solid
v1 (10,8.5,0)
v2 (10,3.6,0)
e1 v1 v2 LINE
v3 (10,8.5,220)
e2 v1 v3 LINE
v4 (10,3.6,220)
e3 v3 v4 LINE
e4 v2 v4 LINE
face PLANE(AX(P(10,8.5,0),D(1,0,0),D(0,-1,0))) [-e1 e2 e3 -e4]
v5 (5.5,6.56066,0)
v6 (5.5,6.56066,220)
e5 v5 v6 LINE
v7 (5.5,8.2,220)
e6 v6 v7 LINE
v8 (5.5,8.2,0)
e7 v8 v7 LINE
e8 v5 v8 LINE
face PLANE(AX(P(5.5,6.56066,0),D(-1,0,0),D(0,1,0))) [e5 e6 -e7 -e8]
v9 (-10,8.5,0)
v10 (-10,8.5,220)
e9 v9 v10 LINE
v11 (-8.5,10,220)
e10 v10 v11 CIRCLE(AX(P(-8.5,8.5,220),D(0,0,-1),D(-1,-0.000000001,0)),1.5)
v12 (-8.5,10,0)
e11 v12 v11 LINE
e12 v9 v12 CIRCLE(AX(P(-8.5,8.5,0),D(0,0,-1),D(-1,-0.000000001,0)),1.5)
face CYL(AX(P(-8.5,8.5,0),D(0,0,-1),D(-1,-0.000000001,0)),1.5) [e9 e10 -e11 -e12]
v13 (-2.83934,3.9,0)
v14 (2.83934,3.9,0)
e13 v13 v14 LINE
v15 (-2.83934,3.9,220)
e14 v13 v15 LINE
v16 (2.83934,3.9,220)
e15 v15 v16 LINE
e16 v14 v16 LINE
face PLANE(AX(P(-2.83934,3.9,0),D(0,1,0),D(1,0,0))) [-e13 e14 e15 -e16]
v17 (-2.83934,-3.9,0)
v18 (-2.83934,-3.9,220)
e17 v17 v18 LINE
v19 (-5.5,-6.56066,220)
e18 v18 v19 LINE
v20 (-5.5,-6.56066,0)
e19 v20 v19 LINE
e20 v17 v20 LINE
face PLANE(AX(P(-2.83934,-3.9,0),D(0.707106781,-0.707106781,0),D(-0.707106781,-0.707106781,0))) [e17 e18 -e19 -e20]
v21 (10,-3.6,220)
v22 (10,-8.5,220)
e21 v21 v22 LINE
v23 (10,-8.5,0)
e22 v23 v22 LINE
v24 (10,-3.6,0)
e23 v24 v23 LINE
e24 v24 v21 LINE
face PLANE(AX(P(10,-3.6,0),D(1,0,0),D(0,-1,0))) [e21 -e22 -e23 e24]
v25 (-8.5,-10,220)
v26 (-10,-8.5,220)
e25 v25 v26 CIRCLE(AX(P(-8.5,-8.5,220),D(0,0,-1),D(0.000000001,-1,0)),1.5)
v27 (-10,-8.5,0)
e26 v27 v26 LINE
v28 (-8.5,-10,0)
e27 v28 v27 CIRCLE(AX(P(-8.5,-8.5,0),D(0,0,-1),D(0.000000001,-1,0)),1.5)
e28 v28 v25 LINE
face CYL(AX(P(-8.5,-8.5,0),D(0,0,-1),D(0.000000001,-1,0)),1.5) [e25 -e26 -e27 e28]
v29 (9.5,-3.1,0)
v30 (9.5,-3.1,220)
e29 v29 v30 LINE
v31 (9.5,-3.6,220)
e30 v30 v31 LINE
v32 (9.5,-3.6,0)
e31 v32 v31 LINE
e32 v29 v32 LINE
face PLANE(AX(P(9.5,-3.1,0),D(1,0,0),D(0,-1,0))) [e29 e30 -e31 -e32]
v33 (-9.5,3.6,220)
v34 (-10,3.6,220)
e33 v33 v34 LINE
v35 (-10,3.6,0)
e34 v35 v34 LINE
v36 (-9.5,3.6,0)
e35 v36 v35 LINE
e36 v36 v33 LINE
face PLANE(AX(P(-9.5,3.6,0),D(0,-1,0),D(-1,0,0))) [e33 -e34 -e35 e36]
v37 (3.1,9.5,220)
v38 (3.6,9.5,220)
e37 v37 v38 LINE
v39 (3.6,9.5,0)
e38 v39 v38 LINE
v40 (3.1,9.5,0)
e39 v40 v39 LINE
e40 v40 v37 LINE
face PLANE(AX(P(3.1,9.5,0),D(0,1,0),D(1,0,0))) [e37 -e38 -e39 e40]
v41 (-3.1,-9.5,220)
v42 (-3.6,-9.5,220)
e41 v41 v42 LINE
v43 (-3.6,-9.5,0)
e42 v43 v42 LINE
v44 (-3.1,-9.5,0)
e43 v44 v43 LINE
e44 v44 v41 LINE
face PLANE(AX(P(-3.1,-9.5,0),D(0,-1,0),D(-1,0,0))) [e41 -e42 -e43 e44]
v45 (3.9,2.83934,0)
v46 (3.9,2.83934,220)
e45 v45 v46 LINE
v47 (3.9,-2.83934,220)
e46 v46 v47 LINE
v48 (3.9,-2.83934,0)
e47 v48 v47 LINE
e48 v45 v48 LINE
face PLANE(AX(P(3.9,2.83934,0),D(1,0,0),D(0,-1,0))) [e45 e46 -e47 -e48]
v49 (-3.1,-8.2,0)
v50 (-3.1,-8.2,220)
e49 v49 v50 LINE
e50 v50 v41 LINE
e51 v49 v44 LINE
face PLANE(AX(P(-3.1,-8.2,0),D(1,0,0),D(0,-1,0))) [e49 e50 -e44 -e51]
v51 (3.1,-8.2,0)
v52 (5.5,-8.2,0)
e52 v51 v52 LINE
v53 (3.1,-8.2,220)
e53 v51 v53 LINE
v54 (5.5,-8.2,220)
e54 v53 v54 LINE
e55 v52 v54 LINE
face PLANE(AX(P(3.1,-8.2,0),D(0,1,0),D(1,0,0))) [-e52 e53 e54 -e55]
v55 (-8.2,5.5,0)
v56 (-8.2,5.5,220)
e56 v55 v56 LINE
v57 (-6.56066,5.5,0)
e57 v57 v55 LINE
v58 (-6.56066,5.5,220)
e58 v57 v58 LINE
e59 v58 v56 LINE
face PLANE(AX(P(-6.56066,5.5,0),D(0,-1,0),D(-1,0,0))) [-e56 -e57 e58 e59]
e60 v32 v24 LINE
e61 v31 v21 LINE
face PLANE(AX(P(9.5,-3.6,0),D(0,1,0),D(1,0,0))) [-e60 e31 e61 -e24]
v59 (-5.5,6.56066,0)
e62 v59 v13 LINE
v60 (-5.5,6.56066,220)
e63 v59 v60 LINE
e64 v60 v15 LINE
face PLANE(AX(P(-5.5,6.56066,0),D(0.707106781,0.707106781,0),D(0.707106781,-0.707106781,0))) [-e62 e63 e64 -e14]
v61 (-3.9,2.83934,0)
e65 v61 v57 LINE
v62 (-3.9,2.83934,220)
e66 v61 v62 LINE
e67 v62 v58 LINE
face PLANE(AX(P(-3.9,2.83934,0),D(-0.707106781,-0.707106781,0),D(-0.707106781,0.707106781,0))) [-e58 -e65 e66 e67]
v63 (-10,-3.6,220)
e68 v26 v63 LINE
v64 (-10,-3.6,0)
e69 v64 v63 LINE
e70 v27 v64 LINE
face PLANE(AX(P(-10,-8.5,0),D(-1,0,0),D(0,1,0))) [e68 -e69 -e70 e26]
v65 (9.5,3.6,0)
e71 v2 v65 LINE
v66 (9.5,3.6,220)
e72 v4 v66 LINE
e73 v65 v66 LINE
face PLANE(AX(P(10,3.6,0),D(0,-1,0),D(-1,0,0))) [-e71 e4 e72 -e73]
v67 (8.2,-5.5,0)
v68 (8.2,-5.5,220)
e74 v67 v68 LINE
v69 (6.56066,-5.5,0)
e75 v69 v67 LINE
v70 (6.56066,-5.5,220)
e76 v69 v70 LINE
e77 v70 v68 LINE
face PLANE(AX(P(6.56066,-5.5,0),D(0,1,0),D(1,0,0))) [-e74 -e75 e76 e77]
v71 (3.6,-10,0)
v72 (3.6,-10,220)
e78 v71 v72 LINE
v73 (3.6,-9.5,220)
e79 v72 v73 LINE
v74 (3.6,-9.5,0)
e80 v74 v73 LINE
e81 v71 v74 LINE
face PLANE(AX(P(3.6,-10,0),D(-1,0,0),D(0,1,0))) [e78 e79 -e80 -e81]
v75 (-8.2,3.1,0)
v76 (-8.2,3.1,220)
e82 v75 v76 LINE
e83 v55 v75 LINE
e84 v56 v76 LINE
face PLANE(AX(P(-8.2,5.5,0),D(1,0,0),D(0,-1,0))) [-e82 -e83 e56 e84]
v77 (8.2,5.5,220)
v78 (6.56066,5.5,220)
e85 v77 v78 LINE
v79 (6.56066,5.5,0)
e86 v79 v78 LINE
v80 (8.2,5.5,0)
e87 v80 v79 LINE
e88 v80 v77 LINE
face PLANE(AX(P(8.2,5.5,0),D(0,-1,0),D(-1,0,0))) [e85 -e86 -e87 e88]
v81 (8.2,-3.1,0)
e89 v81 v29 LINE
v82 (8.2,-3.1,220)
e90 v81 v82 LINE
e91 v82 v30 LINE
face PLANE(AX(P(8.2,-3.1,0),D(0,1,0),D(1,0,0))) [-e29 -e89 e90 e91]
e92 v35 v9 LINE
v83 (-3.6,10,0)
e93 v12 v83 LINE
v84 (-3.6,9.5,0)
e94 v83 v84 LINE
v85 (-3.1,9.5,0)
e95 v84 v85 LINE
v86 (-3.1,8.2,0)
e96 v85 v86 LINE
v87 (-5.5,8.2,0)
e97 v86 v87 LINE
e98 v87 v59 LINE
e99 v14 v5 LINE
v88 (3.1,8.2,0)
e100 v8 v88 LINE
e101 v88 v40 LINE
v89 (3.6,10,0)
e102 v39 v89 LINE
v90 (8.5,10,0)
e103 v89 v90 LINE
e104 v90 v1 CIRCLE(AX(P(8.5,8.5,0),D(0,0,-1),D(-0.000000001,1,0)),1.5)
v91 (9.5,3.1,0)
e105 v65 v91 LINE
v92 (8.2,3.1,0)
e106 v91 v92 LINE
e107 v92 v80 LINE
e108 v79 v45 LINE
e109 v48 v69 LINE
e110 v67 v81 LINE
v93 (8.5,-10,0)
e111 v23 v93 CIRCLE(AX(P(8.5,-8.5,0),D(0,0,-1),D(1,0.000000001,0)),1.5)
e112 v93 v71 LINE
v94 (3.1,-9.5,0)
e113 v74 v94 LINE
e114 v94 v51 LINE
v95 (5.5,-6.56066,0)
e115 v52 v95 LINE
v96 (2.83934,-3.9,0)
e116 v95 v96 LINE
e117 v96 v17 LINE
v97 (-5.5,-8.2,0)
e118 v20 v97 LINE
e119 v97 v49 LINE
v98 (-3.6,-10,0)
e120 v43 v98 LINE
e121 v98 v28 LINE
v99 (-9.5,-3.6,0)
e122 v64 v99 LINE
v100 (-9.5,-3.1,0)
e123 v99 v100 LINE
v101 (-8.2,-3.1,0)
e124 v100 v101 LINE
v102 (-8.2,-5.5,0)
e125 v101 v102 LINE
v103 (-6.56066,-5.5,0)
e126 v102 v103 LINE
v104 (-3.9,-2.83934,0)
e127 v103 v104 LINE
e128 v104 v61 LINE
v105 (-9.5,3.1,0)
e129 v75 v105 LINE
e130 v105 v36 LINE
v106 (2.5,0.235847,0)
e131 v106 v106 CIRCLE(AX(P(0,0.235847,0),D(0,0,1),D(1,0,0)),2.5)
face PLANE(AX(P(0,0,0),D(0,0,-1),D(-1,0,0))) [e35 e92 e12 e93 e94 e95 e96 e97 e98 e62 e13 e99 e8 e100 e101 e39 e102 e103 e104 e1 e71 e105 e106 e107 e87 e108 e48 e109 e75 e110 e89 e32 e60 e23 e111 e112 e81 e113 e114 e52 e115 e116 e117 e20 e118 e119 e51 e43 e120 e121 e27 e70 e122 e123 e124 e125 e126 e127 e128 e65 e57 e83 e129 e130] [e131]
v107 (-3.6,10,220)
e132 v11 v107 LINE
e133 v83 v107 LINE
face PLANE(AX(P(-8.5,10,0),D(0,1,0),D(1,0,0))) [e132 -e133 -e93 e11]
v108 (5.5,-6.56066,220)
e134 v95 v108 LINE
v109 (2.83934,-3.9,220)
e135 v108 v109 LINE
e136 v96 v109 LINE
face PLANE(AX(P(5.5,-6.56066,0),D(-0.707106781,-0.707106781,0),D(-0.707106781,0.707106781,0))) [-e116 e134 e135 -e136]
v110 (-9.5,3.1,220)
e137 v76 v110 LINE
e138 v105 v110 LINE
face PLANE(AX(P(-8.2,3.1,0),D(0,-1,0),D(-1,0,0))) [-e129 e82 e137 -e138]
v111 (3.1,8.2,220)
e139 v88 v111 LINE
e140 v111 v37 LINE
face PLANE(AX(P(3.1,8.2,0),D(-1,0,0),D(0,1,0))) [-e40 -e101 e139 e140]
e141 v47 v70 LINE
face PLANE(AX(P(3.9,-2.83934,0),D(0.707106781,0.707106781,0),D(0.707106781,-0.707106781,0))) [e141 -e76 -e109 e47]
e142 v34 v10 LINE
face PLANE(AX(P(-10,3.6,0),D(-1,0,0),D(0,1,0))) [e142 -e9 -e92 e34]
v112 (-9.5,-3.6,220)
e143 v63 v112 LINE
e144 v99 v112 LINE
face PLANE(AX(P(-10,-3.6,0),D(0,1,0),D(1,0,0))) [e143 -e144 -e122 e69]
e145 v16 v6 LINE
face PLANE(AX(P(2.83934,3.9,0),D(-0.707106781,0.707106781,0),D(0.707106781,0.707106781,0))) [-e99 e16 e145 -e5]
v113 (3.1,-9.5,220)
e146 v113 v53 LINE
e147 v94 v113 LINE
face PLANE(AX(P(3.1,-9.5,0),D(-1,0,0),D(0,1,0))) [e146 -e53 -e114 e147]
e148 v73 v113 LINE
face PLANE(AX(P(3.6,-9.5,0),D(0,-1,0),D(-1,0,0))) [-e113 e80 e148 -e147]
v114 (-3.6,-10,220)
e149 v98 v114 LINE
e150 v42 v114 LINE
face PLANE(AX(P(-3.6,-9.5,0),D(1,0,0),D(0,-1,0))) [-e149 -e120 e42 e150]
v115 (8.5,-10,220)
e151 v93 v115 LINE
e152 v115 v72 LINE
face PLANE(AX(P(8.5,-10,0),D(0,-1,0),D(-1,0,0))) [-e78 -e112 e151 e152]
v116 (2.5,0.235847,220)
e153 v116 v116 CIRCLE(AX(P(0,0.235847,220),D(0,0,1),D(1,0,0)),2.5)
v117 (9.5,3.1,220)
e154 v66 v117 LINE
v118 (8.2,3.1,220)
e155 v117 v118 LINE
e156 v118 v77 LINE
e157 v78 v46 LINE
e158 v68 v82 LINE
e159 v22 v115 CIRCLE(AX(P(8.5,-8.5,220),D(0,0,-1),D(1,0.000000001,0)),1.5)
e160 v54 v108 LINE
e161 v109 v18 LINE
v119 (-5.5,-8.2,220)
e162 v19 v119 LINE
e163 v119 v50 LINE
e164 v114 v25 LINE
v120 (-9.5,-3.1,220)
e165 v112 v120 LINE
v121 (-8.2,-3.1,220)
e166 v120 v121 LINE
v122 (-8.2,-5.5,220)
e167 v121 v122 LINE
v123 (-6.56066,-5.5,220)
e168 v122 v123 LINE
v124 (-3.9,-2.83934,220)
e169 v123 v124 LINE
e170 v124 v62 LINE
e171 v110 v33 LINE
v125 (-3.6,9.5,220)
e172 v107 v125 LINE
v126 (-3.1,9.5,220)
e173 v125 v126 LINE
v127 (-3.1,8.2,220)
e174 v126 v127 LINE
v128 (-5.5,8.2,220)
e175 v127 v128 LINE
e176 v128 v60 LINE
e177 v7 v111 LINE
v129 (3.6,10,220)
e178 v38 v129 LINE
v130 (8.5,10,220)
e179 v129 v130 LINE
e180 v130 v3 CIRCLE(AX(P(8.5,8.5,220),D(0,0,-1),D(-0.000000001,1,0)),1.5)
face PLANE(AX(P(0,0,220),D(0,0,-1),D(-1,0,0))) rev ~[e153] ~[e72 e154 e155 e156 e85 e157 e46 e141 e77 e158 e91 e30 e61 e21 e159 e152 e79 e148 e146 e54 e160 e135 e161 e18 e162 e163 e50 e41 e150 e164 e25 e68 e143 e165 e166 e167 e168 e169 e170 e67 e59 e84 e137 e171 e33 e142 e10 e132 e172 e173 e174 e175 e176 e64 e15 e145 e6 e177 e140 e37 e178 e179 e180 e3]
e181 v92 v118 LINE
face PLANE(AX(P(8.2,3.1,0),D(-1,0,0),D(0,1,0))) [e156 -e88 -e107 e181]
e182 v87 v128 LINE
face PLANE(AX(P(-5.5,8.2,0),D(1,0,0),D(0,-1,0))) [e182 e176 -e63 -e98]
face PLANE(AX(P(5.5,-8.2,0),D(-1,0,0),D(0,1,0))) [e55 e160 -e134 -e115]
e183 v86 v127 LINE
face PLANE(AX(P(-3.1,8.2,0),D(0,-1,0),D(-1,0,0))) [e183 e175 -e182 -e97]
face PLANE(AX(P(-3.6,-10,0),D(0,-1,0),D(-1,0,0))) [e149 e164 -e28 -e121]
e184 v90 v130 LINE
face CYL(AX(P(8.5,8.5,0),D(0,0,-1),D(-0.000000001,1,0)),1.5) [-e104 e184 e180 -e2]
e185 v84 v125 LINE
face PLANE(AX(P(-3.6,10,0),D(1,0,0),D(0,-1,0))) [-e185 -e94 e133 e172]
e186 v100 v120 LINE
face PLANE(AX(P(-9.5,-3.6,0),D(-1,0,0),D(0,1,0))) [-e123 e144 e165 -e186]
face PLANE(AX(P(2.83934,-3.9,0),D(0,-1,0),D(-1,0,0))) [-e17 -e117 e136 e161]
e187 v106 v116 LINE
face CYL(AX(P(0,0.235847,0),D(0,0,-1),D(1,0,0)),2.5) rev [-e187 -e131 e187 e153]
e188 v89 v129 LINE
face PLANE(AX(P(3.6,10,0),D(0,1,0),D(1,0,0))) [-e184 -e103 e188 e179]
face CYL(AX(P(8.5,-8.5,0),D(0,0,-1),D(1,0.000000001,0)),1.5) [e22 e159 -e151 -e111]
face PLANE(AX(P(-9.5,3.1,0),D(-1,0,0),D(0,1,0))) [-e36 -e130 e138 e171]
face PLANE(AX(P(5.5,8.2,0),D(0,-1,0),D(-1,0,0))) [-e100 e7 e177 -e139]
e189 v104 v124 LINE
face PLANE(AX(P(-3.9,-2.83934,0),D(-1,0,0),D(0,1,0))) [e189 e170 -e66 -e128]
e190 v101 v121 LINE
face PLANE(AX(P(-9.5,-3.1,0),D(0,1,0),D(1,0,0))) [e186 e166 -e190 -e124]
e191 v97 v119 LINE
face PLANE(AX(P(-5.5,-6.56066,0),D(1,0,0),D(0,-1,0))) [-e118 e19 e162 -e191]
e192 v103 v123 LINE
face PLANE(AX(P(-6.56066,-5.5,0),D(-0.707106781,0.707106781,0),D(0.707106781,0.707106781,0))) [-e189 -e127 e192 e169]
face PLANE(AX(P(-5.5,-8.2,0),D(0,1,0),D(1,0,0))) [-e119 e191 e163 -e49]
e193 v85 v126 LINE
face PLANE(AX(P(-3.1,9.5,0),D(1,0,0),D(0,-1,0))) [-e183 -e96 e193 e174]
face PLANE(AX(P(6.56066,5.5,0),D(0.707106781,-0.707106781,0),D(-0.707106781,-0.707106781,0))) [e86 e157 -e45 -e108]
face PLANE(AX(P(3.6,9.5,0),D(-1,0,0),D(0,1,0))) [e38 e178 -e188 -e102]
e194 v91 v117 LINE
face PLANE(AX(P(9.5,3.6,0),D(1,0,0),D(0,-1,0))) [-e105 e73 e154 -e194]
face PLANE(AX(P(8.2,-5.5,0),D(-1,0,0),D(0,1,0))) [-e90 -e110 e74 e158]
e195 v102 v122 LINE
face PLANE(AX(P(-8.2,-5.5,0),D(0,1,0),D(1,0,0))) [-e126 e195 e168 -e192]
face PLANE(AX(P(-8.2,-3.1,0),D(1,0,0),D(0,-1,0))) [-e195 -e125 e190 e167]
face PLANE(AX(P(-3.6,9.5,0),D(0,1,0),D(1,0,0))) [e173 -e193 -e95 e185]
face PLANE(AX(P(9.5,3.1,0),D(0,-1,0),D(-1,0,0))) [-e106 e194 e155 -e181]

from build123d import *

# Parameters (mm, degrees)
SKETCH1_R           = 2.5
BOSS_EXTRUDE1_DEPTH = 220


with BuildPart() as part:
    # Sketch1 → Boss-Extrude1 (new body)
    with BuildSketch(Plane.XY):
        with BuildLine():
            Line((2.839339828, 3.9), (5.5, 6.560660172))
            Line((5.5, 6.560660172), (5.5, 8.2))
            Line((5.5, 8.2), (3.1, 8.2))
            Line((3.1, 8.2), (3.1, 9.5))
            Line((3.1, 9.5), (3.6, 9.5))
            Line((3.6, 9.5), (3.6, 10))
            Line((3.6, 10), (8.5, 10))
            ThreePointArc((8.5, 10), (9.560660172, 9.560660172), (10, 8.5))
            Line((10, 8.5), (10, 3.6))
            Line((10, 3.6), (9.5, 3.6))
            Line((9.5, 3.6), (9.5, 3.1))
            Line((9.5, 3.1), (8.2, 3.1))
            Line((8.2, 3.1), (8.2, 5.5))
            Line((8.2, 5.5), (6.560660172, 5.5))
            Line((6.560660172, 5.5), (3.9, 2.839339828))
            Line((3.9, 2.839339828), (3.9, -2.839339828))
            Line((3.9, -2.839339828), (6.560660172, -5.5))
            Line((6.560660172, -5.5), (8.2, -5.5))
            Line((8.2, -5.5), (8.2, -3.1))
            Line((8.2, -3.1), (9.5, -3.1))
            Line((9.5, -3.1), (9.5, -3.6))
            Line((9.5, -3.6), (10, -3.6))
            Line((10, -3.6), (10, -8.5))
            ThreePointArc((10, -8.5), (9.560660172, -9.560660172), (8.5, -10))
            Line((8.5, -10), (3.6, -10))
            Line((3.6, -10), (3.6, -9.5))
            Line((3.6, -9.5), (3.1, -9.5))
            Line((3.1, -9.5), (3.1, -8.2))
            Line((3.1, -8.2), (5.5, -8.2))
            Line((5.5, -8.2), (5.5, -6.560660172))
            Line((5.5, -6.560660172), (2.839339828, -3.9))
            Line((2.839339828, -3.9), (-2.839339828, -3.9))
            Line((-2.839339828, -3.9), (-5.5, -6.560660172))
            Line((-5.5, -6.560660172), (-5.5, -8.2))
            Line((-5.5, -8.2), (-3.1, -8.2))
            Line((-3.1, -8.2), (-3.1, -9.5))
            Line((-3.1, -9.5), (-3.6, -9.5))
            Line((-3.6, -9.5), (-3.6, -10))
            Line((-3.6, -10), (-8.5, -10))
            ThreePointArc((-8.5, -10), (-9.560660172, -9.560660172), (-10, -8.5))
            Line((-10, -8.5), (-10, -3.6))
            Line((-10, -3.6), (-9.5, -3.6))
            Line((-9.5, -3.6), (-9.5, -3.1))
            Line((-9.5, -3.1), (-8.2, -3.1))
            Line((-8.2, -3.1), (-8.2, -5.5))
            Line((-8.2, -5.5), (-6.560660172, -5.5))
            Line((-6.560660172, -5.5), (-3.9, -2.839339828))
            Line((-3.9, -2.839339828), (-3.9, 2.839339828))
            Line((-3.9, 2.839339828), (-6.560660172, 5.5))
            Line((-6.560660172, 5.5), (-8.2, 5.5))
            Line((-8.2, 5.5), (-8.2, 3.1))
            Line((-8.2, 3.1), (-9.5, 3.1))
            Line((-9.5, 3.1), (-9.5, 3.6))
            Line((-9.5, 3.6), (-10, 3.6))
            Line((-10, 3.6), (-10, 8.5))
            ThreePointArc((-10, 8.5), (-9.560660172, 9.560660172), (-8.5, 10))
            Line((-8.5, 10), (-3.6, 10))
            Line((-3.6, 10), (-3.6, 9.5))
            Line((-3.6, 9.5), (-3.1, 9.5))
            Line((-3.1, 9.5), (-3.1, 8.2))
            Line((-3.1, 8.2), (-5.5, 8.2))
            Line((-5.5, 8.2), (-5.5, 6.560660172))
            Line((-5.5, 6.560660172), (-2.839339828, 3.9))
            Line((-2.839339828, 3.9), (2.839339828, 3.9))
        make_face()
        with Locations((0, 0.235847297)):
            Circle(SKETCH1_R, mode=Mode.SUBTRACT)
    extrude(amount=BOSS_EXTRUDE1_DEPTH)


solid = part.part
